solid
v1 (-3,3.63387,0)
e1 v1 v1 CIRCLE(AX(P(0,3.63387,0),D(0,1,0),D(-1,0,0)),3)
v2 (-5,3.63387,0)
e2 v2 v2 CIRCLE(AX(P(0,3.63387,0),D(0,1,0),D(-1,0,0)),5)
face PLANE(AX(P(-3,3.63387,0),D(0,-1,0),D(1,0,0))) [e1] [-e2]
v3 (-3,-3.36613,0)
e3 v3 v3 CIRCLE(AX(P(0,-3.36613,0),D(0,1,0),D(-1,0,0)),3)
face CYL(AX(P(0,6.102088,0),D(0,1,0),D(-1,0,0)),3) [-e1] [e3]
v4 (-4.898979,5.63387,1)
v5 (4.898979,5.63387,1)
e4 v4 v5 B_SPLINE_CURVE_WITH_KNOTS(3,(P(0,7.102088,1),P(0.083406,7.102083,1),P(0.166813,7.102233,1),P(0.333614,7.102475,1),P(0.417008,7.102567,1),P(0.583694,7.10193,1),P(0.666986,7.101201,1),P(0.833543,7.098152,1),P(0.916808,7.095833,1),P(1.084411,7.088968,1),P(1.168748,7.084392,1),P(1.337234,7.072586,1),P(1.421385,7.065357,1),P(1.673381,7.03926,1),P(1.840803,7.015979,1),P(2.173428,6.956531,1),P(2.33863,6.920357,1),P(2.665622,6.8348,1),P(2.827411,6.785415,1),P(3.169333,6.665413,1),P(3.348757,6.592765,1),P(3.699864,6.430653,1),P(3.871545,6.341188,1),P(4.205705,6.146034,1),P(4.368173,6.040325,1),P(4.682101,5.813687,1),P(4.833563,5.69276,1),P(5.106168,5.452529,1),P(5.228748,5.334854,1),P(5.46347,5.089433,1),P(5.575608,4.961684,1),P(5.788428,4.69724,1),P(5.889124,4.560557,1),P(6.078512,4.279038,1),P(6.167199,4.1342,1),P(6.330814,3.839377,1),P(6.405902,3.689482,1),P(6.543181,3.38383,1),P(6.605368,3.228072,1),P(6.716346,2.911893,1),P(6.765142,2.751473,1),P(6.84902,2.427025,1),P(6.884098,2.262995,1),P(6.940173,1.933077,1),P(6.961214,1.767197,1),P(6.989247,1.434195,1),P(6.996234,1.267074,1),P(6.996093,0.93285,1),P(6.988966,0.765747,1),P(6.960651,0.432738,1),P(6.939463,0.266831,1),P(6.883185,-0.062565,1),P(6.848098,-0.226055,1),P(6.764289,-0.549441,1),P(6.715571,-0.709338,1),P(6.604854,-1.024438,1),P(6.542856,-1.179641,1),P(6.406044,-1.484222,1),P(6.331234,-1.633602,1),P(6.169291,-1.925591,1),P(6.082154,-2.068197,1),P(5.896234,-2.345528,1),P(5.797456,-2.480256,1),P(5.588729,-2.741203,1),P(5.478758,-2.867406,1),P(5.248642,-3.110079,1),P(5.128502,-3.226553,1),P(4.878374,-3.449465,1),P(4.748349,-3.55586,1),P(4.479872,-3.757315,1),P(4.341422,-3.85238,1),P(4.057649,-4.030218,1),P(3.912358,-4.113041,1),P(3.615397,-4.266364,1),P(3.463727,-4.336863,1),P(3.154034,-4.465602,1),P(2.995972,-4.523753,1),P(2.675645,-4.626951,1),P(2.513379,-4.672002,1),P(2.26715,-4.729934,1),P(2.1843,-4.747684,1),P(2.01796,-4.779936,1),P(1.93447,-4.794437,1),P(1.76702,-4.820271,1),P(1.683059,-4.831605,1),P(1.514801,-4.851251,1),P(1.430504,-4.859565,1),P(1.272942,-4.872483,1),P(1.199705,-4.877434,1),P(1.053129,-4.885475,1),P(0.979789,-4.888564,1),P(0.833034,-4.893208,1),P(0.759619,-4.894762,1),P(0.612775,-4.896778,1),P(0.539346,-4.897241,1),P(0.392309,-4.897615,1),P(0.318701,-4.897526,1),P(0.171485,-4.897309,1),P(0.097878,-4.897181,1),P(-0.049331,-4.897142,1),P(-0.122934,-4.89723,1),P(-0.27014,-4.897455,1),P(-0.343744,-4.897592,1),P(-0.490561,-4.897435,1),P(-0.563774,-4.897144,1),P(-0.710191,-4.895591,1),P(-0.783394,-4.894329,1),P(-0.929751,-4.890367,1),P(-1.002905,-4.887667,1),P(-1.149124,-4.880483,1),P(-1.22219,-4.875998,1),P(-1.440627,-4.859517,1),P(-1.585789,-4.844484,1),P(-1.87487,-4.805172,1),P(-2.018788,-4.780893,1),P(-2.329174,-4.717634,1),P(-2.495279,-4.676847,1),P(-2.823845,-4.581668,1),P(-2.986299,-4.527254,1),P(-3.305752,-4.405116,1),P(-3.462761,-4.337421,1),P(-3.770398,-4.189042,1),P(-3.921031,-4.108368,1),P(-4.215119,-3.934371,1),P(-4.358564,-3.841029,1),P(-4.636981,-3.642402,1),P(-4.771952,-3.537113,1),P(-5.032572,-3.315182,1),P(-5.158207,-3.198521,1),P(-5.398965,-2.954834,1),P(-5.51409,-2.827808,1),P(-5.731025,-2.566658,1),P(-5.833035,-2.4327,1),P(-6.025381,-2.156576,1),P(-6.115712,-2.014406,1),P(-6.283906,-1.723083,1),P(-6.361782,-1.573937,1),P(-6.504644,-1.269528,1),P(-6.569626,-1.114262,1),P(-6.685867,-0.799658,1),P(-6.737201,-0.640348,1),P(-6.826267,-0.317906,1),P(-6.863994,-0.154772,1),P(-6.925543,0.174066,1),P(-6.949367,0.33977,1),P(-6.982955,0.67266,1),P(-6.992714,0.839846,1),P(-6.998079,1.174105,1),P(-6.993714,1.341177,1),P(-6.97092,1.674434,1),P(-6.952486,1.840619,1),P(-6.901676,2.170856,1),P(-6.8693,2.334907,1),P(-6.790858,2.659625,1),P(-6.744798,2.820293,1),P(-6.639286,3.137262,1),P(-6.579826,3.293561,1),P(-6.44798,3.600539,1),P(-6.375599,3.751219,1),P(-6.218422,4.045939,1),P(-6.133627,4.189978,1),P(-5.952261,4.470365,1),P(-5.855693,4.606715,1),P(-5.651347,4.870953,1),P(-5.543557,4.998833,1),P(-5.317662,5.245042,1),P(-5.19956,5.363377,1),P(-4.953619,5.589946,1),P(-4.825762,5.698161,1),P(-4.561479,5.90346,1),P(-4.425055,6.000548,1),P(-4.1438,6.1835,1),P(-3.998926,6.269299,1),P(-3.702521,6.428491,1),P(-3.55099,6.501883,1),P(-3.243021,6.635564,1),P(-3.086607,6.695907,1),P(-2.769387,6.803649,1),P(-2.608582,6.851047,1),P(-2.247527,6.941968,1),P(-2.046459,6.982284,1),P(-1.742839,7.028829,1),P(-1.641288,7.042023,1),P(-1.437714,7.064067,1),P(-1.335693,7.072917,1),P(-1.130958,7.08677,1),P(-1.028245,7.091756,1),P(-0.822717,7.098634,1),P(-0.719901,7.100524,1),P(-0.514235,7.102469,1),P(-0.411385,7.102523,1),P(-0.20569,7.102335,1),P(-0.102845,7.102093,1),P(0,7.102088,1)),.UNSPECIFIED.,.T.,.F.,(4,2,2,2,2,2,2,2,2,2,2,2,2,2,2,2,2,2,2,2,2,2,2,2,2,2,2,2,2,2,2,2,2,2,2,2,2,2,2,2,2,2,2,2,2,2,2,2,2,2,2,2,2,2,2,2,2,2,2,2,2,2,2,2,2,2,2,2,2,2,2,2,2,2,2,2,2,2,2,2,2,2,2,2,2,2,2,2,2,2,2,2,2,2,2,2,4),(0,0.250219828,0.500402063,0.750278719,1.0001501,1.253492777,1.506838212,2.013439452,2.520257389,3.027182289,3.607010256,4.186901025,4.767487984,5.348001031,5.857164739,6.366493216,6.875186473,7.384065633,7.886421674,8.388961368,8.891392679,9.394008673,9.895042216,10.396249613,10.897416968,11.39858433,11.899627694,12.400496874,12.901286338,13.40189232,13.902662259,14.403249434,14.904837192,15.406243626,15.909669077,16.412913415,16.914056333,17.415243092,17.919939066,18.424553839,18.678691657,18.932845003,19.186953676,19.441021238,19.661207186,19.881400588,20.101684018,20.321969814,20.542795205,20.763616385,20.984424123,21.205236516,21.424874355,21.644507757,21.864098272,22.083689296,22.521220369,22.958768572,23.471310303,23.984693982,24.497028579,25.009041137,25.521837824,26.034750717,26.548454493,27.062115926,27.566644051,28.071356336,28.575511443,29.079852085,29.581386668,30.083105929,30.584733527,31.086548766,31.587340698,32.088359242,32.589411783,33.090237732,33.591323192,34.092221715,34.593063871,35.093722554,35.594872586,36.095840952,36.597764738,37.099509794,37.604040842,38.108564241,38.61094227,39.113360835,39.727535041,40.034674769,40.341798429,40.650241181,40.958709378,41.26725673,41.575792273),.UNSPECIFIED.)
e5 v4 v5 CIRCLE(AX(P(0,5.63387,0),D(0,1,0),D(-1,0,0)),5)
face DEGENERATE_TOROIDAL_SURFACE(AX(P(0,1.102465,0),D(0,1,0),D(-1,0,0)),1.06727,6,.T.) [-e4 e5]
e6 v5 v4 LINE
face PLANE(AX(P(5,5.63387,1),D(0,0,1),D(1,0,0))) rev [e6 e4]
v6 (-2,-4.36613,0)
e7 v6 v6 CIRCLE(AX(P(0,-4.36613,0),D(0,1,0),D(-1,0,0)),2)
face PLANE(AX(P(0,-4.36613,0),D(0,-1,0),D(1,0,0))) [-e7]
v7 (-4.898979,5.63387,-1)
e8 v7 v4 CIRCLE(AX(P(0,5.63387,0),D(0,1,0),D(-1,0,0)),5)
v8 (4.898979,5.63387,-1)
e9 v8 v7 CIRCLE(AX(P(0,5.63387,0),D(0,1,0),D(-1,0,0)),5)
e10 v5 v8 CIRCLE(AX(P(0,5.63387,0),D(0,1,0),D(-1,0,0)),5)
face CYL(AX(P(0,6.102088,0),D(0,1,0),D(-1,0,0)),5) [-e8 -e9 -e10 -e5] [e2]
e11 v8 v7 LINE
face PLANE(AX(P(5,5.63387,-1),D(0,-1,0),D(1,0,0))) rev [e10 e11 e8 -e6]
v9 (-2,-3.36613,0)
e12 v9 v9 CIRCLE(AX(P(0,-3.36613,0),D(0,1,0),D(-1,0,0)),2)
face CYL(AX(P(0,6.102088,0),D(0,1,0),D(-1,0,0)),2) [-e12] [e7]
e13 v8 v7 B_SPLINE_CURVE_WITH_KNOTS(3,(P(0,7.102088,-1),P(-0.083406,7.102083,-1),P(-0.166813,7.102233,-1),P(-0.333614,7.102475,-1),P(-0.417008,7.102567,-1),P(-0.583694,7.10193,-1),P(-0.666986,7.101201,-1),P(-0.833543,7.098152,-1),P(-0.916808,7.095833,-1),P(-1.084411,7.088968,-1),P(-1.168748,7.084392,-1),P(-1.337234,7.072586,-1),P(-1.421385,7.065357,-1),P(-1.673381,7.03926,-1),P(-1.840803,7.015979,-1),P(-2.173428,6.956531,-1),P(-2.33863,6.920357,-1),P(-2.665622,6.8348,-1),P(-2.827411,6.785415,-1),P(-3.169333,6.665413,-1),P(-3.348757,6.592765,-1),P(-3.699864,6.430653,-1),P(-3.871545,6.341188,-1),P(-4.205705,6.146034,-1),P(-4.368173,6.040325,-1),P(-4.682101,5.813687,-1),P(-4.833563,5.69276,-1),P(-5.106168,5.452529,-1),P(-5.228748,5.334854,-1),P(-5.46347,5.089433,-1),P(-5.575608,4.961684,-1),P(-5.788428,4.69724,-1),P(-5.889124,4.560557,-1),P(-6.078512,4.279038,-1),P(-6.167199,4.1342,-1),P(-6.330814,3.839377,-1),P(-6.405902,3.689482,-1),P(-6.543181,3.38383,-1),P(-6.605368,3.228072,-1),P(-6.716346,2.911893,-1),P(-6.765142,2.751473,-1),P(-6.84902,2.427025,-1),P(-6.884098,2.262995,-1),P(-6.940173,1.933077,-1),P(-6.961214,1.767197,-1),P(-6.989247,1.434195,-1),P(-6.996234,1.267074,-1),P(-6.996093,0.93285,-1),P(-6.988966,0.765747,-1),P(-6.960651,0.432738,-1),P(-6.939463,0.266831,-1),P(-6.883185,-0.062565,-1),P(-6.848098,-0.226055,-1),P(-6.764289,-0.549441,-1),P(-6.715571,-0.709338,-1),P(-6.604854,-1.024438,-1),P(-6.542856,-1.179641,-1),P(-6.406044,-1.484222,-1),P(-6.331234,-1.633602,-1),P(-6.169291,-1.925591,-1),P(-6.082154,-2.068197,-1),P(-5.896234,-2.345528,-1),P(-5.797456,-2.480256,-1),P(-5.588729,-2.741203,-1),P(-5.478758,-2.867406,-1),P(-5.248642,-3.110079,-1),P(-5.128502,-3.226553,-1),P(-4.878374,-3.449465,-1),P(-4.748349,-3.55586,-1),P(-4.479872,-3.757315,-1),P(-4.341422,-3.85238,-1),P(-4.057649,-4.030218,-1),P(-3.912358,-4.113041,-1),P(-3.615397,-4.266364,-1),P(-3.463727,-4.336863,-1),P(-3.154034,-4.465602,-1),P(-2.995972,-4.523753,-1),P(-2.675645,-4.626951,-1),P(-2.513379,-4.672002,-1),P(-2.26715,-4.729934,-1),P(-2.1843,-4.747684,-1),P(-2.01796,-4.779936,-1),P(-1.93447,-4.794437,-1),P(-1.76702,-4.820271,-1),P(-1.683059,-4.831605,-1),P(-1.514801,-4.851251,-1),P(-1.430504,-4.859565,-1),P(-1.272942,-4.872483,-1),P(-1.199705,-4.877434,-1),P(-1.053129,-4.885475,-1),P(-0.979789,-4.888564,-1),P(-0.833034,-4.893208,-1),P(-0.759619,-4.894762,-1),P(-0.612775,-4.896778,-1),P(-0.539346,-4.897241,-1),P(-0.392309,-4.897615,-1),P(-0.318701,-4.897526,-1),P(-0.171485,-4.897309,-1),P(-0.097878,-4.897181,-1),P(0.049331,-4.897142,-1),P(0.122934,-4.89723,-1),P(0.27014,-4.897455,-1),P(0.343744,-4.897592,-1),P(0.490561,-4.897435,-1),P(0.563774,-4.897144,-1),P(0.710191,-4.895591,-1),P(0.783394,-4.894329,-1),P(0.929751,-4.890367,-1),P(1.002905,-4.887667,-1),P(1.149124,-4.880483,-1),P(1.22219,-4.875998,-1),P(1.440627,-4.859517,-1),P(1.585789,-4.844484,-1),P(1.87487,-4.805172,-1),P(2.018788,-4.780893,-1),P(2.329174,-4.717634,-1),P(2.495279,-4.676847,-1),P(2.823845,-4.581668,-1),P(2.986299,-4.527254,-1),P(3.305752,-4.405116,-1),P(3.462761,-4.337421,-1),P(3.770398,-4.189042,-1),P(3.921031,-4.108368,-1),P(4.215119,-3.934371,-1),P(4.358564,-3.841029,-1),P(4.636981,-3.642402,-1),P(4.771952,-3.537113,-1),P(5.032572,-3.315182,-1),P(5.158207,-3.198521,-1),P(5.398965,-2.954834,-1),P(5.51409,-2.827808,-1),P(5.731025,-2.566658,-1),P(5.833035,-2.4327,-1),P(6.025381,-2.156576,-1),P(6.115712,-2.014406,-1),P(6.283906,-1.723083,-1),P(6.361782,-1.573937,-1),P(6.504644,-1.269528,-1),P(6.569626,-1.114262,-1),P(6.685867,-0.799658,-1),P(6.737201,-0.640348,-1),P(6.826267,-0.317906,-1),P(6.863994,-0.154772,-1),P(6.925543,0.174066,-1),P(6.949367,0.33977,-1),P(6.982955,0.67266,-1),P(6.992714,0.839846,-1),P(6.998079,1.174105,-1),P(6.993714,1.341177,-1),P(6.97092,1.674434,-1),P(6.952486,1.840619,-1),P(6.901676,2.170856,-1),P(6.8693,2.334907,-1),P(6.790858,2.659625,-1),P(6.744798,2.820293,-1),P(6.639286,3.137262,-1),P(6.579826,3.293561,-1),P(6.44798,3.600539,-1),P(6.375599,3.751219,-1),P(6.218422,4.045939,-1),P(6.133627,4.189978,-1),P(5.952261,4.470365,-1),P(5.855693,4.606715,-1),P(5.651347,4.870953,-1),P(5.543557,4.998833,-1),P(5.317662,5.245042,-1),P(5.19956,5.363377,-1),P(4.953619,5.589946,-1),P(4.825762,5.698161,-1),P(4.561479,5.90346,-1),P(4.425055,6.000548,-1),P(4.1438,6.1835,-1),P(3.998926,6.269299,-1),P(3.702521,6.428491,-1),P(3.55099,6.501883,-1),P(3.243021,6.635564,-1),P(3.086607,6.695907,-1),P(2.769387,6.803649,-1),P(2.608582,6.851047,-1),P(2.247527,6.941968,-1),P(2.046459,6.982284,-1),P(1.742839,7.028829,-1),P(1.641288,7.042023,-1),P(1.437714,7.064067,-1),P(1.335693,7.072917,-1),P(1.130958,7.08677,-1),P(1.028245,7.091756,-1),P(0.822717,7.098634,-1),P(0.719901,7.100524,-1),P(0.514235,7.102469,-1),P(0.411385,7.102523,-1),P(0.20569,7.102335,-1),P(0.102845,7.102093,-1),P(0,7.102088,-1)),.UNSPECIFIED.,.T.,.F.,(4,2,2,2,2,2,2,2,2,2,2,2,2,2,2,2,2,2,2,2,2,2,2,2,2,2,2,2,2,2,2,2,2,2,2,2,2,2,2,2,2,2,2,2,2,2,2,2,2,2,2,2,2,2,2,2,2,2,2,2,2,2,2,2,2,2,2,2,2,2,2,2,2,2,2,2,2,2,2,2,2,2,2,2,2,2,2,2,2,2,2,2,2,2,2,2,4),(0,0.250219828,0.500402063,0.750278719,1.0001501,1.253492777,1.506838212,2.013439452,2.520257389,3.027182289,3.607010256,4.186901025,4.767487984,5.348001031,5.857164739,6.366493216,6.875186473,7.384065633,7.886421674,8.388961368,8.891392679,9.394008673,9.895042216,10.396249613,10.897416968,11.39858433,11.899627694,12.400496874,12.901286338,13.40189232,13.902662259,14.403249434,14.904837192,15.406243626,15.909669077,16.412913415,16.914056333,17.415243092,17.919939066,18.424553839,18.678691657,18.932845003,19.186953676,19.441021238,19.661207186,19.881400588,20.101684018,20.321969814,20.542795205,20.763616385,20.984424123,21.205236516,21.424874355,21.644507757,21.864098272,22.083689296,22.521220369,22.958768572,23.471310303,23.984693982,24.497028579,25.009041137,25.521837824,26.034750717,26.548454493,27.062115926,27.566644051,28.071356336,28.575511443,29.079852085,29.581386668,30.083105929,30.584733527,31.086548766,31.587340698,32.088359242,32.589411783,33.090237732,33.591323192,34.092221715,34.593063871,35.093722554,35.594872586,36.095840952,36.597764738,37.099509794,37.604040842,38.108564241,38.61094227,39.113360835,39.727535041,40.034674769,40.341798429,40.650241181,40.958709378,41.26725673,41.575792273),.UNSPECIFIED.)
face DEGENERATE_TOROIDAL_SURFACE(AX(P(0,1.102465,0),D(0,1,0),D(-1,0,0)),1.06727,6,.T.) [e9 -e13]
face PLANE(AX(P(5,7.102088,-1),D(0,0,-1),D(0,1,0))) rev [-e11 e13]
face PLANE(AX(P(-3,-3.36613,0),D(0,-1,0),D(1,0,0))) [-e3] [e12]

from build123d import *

# Parameters (mm, degrees)
CUT_EXTRUDE6_DEPTH = 10


with BuildPart() as part:
    # Sketch1 → Revolve2 (revolve)
    with BuildSketch(Plane.XY):
        with BuildLine():
            Line((0, 6.102087539), (0, -3.366129571))
            Line((0, -3.366129571), (0, -4.366129571))
            Line((0, -4.366129571), (-2, -4.366129571))
            Line((-2, -4.366129571), (-2, -3.366129571))
            Line((-2, -3.366129571), (-3, -3.366129571))
            Line((-3, -3.366129571), (-3, 3.633870429))
            Line((-3, 3.633870429), (-5, 3.633870429))
            Line((-5, 3.633870429), (-5, 5.633870429))
            ThreePointArc((-5, 5.633870429), (-3.134722719, 6.735016577), (-1, 7.102087539))
            Line((-1, 7.102087539), (-1, 6.102087539))
            Line((-1, 6.102087539), (0, 6.102087539))
        make_face()
    revolve(axis=Axis((0, 6.102087539, 0), (0, -1, 0)))

    # Sketch2 → Cut-Extrude6 (cut)
    with BuildSketch(Plane.ZY.offset(5)):
        Polygon((-1, 7.153918726), (-1, 7.78774413), (1, 7.78774413), (1, 7.102087539), (1, 5.633870429), (-1, 5.633870429), (-1, 7.102087539), align=None)
    extrude(amount=-CUT_EXTRUDE6_DEPTH, mode=Mode.SUBTRACT)


solid = part.part
